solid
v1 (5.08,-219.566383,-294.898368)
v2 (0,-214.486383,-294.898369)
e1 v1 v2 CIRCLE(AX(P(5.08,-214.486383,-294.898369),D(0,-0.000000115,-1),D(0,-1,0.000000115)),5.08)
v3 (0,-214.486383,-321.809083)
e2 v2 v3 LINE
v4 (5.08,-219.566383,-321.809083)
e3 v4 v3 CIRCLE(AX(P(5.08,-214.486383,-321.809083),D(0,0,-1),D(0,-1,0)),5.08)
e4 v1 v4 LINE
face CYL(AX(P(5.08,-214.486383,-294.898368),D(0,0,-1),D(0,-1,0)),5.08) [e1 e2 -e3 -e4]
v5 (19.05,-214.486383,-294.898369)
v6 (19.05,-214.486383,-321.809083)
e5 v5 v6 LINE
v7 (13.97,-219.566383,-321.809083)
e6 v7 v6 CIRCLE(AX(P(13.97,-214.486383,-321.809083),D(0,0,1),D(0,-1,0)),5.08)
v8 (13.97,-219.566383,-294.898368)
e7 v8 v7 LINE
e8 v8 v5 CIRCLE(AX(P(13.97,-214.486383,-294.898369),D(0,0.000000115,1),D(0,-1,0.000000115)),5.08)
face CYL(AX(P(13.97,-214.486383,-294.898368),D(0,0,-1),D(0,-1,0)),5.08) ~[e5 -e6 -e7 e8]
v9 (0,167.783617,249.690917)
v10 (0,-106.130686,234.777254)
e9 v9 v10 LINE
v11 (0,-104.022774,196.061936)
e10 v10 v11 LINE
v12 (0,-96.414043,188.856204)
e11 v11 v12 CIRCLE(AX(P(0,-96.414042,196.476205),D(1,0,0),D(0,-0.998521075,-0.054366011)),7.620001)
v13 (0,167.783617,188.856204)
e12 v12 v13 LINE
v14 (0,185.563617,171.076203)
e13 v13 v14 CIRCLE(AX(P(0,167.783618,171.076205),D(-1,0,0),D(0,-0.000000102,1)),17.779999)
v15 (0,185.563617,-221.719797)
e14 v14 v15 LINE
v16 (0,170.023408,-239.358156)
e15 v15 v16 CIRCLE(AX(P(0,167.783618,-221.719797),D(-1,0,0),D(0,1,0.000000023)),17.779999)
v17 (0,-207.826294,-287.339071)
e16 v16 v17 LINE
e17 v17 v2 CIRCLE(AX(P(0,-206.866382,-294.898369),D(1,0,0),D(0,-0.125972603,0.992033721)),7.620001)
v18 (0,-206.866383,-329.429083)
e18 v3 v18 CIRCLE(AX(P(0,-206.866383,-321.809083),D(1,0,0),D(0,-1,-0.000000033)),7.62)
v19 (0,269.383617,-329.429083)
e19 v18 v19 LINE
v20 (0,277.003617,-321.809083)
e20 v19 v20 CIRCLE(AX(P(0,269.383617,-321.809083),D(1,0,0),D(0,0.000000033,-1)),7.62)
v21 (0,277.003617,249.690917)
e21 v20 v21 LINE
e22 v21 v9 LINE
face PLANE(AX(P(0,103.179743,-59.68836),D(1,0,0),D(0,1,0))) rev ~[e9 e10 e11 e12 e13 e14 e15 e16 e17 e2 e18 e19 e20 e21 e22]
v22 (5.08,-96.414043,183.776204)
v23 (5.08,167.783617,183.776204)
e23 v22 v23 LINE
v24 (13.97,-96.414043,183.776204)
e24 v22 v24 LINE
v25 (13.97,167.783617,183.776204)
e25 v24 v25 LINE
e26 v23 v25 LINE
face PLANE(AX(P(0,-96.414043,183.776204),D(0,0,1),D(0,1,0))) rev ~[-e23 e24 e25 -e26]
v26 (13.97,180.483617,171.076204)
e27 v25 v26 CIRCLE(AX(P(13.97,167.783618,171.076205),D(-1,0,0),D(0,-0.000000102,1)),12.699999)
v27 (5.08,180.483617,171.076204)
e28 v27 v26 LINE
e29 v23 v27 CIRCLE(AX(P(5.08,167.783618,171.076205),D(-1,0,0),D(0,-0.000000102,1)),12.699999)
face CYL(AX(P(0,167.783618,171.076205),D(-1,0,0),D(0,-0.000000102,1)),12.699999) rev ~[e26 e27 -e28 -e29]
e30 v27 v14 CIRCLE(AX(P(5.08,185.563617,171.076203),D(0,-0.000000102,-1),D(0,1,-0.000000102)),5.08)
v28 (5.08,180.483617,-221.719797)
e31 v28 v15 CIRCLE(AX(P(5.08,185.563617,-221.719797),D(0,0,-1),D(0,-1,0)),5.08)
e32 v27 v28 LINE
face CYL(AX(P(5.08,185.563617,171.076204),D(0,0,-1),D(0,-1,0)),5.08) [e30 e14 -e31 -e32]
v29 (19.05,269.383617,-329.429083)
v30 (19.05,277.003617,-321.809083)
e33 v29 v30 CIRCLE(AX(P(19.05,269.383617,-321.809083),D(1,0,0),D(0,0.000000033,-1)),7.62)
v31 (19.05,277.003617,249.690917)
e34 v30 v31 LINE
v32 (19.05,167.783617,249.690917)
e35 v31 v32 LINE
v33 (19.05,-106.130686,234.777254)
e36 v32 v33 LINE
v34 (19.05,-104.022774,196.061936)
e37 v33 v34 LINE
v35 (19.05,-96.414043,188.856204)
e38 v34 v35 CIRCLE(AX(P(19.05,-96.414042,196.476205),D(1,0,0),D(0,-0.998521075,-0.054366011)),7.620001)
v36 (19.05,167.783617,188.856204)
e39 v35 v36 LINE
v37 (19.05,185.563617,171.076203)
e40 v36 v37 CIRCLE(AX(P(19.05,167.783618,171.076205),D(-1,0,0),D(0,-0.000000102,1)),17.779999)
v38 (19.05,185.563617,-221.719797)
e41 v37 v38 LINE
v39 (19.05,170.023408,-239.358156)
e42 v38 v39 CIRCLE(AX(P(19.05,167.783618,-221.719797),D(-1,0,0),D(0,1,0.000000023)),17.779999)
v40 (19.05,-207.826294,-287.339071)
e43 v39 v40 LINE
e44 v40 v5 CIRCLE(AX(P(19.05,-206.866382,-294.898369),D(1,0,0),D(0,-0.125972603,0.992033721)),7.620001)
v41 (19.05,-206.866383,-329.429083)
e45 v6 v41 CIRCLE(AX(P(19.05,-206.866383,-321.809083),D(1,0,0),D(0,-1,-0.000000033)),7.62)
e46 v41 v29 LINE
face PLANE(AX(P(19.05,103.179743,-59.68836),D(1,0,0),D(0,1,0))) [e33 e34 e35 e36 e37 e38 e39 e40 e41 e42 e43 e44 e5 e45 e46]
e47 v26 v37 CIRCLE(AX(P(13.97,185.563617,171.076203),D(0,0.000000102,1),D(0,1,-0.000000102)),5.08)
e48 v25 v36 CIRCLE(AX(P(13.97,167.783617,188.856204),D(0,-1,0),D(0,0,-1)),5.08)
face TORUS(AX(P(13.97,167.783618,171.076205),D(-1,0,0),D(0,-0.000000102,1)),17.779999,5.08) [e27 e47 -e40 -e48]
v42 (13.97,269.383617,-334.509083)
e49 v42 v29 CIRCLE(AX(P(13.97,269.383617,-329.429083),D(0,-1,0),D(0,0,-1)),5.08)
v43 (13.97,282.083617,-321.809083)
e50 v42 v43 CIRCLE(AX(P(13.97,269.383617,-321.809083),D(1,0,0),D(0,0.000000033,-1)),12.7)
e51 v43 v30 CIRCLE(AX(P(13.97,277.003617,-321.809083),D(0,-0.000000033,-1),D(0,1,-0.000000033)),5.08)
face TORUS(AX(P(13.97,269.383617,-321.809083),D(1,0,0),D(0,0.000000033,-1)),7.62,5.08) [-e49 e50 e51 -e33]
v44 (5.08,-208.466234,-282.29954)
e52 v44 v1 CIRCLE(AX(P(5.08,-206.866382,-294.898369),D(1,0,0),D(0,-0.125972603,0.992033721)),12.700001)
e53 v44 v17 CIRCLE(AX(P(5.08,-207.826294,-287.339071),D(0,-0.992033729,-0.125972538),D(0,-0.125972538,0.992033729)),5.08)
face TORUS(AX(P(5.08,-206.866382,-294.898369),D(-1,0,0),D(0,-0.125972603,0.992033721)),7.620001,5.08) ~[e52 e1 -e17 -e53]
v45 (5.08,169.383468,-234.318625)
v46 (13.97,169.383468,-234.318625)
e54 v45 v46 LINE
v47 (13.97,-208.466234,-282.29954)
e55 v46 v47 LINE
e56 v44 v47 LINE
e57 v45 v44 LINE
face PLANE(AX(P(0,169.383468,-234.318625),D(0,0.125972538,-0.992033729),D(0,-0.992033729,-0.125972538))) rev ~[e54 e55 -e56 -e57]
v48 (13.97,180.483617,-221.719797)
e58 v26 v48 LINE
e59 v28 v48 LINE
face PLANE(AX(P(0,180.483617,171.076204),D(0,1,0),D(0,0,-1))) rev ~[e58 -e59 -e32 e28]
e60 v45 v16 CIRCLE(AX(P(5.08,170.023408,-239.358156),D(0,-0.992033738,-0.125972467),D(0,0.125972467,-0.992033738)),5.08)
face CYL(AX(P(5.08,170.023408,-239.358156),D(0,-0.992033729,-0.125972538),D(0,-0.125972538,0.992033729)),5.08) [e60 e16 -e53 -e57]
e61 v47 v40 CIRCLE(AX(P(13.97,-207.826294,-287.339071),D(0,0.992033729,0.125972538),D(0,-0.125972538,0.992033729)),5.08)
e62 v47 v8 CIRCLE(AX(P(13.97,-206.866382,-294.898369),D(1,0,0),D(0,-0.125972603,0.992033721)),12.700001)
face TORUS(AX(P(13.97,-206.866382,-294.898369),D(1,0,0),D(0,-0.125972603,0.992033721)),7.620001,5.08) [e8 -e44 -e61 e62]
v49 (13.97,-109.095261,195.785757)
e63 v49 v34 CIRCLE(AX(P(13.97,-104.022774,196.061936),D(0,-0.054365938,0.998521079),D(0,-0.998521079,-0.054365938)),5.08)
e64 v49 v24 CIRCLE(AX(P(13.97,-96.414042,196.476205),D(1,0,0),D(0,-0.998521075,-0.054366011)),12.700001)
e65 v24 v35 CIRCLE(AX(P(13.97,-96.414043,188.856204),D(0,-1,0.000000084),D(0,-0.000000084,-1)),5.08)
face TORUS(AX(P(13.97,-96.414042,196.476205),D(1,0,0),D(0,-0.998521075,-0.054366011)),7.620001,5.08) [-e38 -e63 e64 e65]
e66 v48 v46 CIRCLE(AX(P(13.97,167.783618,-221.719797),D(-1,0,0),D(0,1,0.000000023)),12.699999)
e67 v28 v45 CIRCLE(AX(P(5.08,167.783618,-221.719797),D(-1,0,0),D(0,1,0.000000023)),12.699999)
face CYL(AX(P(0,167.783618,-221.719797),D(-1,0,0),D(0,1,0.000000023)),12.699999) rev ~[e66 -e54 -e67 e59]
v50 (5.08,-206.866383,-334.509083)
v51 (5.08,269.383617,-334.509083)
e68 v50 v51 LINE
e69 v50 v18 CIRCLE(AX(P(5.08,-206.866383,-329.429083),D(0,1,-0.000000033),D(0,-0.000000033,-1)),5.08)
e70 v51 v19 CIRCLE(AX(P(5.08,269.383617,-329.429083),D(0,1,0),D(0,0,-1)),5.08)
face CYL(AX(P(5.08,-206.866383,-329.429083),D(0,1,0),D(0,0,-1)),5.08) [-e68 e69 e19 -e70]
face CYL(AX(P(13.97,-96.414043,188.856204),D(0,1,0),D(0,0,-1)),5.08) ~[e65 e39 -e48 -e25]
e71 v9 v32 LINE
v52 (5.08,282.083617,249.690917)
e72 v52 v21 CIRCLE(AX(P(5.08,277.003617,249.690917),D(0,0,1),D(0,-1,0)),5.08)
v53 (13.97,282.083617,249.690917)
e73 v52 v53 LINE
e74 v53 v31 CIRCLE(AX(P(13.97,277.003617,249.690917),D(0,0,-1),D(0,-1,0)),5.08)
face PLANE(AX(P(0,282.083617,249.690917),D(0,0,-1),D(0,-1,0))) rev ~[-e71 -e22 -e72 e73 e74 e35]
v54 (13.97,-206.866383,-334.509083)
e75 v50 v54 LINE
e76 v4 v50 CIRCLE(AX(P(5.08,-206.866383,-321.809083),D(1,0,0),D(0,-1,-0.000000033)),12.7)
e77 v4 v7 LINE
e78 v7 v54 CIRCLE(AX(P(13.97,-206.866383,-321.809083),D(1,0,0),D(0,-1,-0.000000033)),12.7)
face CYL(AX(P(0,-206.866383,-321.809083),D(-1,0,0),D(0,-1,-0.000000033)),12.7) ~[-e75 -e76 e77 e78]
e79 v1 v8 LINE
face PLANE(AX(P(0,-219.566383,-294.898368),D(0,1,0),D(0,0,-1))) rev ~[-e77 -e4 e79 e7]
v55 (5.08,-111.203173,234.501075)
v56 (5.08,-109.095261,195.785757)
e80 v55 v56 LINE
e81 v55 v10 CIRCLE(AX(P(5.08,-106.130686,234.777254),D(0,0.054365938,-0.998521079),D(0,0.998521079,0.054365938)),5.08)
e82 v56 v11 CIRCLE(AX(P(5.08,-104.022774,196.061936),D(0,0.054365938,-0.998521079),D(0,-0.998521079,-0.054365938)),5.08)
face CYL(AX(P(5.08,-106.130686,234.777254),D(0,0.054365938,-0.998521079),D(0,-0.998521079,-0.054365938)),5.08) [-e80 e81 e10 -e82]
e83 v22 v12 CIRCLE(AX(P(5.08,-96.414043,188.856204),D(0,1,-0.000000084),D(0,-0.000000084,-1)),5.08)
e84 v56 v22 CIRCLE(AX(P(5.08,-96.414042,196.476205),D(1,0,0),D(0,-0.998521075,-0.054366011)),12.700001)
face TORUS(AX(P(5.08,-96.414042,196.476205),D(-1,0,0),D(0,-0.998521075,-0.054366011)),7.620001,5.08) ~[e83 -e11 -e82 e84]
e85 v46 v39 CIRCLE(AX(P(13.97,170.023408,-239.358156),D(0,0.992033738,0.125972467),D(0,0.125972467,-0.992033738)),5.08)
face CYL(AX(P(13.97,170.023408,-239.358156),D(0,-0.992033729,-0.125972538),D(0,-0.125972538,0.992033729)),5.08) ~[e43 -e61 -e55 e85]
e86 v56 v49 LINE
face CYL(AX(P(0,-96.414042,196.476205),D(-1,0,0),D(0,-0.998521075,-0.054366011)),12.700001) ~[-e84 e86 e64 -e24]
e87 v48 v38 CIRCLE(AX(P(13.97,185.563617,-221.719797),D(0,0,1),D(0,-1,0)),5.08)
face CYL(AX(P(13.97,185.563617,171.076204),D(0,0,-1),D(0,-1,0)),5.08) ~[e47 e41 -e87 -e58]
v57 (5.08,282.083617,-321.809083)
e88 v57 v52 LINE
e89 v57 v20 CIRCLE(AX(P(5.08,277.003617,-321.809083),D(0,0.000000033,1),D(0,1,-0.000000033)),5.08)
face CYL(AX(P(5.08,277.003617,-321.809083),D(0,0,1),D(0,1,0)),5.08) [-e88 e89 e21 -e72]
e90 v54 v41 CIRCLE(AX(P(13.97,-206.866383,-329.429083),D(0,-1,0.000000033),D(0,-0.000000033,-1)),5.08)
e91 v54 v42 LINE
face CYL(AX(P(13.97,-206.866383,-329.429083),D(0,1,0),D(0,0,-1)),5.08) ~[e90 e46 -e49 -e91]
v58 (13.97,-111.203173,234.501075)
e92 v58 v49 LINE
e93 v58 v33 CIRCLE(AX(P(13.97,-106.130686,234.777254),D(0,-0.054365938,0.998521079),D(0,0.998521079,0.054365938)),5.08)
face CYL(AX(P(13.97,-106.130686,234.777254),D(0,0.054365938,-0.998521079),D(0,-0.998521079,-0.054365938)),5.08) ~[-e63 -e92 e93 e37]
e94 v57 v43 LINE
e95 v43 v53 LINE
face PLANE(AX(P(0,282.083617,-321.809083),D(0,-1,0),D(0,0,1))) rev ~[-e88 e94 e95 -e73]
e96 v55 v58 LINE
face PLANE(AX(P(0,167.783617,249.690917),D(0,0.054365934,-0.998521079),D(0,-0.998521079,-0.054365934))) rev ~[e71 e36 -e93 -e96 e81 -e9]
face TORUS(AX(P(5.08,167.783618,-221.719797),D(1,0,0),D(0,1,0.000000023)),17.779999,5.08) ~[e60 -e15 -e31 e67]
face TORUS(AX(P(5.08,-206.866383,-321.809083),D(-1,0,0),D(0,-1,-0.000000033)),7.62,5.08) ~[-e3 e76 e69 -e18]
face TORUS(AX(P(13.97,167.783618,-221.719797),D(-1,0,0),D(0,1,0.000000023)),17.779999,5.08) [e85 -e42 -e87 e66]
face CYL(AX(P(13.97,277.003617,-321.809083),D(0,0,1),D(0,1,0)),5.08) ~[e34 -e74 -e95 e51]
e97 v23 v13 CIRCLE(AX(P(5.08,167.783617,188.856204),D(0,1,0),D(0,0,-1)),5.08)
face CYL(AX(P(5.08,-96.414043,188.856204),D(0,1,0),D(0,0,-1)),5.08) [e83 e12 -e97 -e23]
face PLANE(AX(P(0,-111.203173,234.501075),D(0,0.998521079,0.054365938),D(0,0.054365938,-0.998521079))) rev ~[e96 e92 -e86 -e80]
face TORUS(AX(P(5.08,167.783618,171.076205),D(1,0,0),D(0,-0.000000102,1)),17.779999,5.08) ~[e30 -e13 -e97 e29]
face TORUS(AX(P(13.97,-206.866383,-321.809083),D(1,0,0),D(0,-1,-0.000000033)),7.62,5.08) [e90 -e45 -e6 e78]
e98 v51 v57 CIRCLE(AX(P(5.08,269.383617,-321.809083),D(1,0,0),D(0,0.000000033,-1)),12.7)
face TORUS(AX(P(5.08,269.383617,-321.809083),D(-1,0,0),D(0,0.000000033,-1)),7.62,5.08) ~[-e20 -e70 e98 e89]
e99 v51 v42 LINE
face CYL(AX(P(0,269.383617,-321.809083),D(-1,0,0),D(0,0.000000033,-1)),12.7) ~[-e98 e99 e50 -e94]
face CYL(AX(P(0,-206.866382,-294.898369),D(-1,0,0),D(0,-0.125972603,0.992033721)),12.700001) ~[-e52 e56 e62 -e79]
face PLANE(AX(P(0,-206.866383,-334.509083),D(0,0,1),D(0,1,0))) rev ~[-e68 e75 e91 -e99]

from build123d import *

# Parameters (mm, degrees)
F1_DEPTH = 19.05
F2_R     = 5.08


with BuildPart() as f1:
    # F0 (on Right) → F1 (new body)
    with BuildSketch(Plane.YZ):
        with BuildLine():
            ThreePointArc((269.383617, -334.509083), (278.363873, -330.789339), (282.083617, -321.809083))
            Line((282.083617, -321.809083), (282.083617, 249.690917))
            Line((282.083617, 249.690917), (167.783617, 249.690917))
            Line((167.783617, 249.690917), (-111.203173, 234.501075))
            Line((-111.203173, 234.501075), (-109.095261, 195.785757))
            ThreePointArc((-109.095261, 195.785757), (-105.146778, 187.255069), (-96.414043, 183.776204))
            Line((-96.414043, 183.776204), (167.783617, 183.776204))
            ThreePointArc((167.783617, 183.776204), (176.763873, 180.056461), (180.483617, 171.076204))
            Line((180.483617, 171.076204), (180.483617, -221.719797))
            ThreePointArc((180.483617, -221.719797), (177.312733, -230.115388), (169.383468, -234.318625))
            Line((169.383468, -234.318625), (-208.466234, -282.29954))
            ThreePointArc((-208.466234, -282.29954), (-216.395499, -286.502778), (-219.566383, -294.898368))
            Line((-219.566383, -294.898368), (-219.566383, -321.809083))
            ThreePointArc((-219.566383, -321.809083), (-215.846639, -330.789339), (-206.866383, -334.509083))
            Line((-206.866383, -334.509083), (269.383617, -334.509083))
        make_face()
    extrude(amount=F1_DEPTH)

    # F2
    f2_edges = [f1.edges().sort_by_distance(p)[0] for p in [
        (19.05, -110.149217, 215.143416),
        (0, -110.149217, 215.143416),
    ]]
    fillet(f2_edges, radius=F2_R)


solid = f1.part
